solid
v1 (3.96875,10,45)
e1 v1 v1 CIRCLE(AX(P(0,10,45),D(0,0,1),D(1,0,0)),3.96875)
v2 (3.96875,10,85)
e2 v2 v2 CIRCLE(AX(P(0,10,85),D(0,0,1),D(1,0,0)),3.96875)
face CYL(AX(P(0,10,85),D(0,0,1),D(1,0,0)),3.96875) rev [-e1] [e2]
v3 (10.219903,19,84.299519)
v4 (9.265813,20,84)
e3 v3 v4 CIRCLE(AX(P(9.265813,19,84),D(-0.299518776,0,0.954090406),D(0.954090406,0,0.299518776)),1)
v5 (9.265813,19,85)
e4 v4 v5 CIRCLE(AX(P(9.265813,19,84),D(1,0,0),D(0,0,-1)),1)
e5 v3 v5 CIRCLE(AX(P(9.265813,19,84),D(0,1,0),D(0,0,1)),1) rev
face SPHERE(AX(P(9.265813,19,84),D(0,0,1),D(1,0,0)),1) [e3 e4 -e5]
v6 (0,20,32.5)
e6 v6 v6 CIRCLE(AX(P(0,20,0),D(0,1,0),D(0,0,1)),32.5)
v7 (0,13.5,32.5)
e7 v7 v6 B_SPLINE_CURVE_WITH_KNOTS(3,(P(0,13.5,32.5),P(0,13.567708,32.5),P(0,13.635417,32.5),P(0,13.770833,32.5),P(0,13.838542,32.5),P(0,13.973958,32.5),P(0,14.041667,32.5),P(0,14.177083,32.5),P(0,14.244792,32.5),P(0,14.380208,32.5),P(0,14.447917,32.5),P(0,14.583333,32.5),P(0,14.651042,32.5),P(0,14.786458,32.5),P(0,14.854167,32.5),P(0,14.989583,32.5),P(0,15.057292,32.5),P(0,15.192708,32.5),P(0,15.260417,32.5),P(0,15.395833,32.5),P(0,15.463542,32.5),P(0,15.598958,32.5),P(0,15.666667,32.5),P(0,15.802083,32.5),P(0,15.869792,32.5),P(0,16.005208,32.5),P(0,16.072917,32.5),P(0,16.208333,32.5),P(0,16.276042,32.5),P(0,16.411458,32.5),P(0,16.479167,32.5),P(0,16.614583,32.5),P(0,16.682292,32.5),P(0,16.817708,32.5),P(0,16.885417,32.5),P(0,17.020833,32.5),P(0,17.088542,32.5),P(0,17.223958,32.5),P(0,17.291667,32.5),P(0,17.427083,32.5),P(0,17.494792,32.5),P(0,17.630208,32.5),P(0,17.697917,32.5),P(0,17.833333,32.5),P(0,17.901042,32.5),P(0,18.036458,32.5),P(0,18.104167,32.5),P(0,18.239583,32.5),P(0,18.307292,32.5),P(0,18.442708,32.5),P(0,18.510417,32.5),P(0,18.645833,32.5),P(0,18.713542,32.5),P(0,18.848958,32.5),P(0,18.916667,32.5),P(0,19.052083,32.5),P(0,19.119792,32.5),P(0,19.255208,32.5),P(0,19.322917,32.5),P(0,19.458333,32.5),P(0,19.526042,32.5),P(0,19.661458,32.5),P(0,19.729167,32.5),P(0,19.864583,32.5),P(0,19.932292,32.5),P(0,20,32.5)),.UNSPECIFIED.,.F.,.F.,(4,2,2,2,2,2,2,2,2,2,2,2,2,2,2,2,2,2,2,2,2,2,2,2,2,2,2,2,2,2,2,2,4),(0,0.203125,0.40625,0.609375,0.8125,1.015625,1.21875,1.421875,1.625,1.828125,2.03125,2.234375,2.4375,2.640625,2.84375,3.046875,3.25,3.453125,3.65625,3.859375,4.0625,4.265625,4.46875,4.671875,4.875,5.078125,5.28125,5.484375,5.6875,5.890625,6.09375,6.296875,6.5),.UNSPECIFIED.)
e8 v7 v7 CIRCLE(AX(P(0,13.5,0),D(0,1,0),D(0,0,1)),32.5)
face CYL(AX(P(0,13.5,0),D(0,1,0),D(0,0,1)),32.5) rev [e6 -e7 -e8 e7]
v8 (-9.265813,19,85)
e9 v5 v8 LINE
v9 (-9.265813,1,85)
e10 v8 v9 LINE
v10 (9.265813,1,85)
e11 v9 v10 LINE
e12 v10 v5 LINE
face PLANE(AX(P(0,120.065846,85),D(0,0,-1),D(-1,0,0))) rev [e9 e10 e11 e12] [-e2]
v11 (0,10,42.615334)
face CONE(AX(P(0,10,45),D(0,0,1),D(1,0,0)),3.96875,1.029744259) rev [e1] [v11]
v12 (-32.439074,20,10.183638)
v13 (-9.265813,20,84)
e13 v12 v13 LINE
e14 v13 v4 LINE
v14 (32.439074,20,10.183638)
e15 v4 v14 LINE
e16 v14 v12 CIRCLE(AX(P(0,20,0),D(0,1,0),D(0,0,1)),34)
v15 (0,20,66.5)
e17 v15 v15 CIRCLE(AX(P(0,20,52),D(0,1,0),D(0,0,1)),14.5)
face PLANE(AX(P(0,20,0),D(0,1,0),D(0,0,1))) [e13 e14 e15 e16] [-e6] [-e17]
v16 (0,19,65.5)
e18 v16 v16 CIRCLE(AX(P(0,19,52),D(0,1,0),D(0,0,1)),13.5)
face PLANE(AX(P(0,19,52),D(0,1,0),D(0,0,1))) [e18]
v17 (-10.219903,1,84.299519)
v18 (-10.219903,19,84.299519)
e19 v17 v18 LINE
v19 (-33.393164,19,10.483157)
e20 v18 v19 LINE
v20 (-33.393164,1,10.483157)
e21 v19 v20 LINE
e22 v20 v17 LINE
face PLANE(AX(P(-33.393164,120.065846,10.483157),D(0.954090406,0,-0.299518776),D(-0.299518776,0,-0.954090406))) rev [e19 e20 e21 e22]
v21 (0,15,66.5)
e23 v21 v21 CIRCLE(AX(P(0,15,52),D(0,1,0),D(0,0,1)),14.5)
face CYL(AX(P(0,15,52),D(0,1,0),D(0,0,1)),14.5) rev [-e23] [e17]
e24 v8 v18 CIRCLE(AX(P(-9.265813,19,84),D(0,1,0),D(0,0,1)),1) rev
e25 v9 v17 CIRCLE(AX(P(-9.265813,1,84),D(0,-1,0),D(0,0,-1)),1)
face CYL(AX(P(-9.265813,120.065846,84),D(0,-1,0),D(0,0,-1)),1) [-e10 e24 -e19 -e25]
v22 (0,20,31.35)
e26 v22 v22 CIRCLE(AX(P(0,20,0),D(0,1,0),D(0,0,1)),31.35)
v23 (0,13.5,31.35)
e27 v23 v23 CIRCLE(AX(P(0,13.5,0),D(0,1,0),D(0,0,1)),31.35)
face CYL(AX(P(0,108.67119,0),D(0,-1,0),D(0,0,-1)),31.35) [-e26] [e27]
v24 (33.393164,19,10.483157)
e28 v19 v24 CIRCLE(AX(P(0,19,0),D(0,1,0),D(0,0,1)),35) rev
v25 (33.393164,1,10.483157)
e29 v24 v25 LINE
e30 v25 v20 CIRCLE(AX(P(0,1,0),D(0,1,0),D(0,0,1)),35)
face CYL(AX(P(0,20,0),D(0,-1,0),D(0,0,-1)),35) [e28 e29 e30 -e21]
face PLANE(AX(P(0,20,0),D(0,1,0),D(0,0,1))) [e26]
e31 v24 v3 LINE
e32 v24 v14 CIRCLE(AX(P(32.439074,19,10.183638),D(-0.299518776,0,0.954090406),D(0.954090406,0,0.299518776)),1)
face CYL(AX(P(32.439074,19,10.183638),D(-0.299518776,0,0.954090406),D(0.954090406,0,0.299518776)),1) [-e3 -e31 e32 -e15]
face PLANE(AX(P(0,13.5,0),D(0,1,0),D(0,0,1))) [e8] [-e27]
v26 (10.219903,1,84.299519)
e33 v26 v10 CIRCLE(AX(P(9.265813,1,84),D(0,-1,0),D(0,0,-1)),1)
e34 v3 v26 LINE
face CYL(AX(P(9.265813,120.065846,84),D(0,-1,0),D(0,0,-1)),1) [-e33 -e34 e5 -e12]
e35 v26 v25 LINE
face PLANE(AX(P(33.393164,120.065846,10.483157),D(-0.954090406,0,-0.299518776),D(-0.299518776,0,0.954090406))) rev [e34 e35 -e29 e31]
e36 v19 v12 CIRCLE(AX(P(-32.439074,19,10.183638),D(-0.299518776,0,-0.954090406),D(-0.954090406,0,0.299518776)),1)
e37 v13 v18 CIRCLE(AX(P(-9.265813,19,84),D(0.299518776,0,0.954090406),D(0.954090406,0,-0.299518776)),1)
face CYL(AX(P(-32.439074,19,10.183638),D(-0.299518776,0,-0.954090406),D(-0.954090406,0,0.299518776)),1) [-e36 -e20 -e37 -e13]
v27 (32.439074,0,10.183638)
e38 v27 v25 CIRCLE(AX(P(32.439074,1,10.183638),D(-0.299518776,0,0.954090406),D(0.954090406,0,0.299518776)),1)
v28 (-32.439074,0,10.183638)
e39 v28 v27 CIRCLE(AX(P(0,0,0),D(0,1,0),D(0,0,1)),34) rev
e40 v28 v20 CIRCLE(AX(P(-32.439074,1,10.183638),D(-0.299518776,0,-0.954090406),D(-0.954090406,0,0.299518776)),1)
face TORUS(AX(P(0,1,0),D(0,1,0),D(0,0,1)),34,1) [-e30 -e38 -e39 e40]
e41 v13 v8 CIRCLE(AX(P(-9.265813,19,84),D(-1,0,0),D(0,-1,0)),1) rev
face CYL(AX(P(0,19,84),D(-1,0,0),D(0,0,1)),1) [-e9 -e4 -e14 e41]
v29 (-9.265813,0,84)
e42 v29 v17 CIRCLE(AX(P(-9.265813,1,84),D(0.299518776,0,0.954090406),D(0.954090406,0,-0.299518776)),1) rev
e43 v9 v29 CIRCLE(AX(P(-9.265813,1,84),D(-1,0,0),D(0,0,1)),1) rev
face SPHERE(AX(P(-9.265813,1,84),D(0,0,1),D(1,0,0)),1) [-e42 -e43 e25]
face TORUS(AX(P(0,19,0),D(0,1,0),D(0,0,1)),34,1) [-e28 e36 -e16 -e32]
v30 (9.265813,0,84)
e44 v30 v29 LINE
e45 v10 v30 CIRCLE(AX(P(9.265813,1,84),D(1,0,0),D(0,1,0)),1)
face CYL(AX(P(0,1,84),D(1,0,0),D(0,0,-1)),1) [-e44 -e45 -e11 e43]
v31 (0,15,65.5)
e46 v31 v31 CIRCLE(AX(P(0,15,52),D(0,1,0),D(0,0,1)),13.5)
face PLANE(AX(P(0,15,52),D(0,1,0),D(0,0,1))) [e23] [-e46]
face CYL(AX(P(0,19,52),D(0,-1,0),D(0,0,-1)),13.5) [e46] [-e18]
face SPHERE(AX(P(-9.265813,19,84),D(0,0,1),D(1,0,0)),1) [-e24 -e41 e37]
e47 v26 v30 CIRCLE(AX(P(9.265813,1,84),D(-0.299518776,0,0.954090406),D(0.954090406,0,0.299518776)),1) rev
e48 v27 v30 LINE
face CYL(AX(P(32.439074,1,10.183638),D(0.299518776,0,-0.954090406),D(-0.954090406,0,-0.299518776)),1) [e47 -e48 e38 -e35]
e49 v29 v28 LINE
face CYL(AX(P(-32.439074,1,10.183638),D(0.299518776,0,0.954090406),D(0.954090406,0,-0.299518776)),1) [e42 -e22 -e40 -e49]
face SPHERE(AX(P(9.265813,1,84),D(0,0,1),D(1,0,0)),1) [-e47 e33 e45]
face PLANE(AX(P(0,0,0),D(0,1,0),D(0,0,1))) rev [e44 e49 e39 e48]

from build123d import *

# Parameters (mm, degrees)
SKETCH1_R                       = 35
BOSS_EXTRUDE1_DEPTH             = 20
SKETCH2_R                       = 32.5
CUT_EXTRUDE1_DEPTH              = 6.5
SKETCH3_R                       = 31.35
BOSS_EXTRUDE2_DEPTH             = 6.5
BOSS_EXTRUDE3_DEPTH             = 20
SKETCH14_R                      = 14.5
CUT_EXTRUDE2_DEPTH              = 5
SKETCH15_R                      = 13.5
BOSS_EXTRUDE4_DEPTH             = 4
TAP_DRILL_FOR_3_8_16_TAP1_D     = 7.9375
TAP_DRILL_FOR_3_8_16_TAP1_DEPTH = 40
TAP_DRILL_FOR_3_8_16_TAP1_TIP   = 2.384665582
FILLET1_R                       = 1


with BuildPart() as part:
    # Sketch1 → Boss-Extrude1 (new body)
    with BuildSketch(Plane(origin=(0, 0, 0), x_dir=(1, 0, 0), z_dir=(0, 1, 0))):
        with Locations(Location((0, 0, 0), (0, 0, 270))):
            Circle(SKETCH1_R)
    extrude(amount=BOSS_EXTRUDE1_DEPTH)

    # Sketch2 → Cut-Extrude1 (cut)
    with BuildSketch(Plane(origin=(0, 20, 0), x_dir=(1, 0, 0), z_dir=(0, 1, 0))):
        with Locations(Location((0, 0, 0), (0, 0, 270))):
            Circle(SKETCH2_R)
    extrude(amount=-CUT_EXTRUDE1_DEPTH, mode=Mode.SUBTRACT)

    # Sketch3 → Boss-Extrude2 (add)
    with BuildSketch(Plane(origin=(0, 13.5, 0), x_dir=(1, 0, 0), z_dir=(0, 1, 0))):
        with Locations(Location((0, 0, 0), (0, 0, 270))):
            Circle(SKETCH3_R)
    extrude(amount=BOSS_EXTRUDE2_DEPTH)

    # Sketch8 → Boss-Extrude3 (add)
    with BuildSketch(Plane(origin=(0, 0, 0), x_dir=(1, 0, 0), z_dir=(0, 1, 0))):
        with BuildLine():
            ThreePointArc((33.393164213, -10.483157151), (0, -35), (-33.393164213, -10.483157151))
            Line((-33.393164213, -10.483157151), (-10, -85))
            Line((-10, -85), (10, -85))
            Line((10, -85), (33.393164213, -10.483157151))
        make_face()
    extrude(amount=BOSS_EXTRUDE3_DEPTH)

    # Sketch14 → Cut-Extrude2 (cut)
    with BuildSketch(Plane(origin=(0, 20, 0), x_dir=(1, 0, 0), z_dir=(0, 1, 0))):
        with Locations(Location((0, -52, 0), (0, 0, 270))):
            Circle(SKETCH14_R)
    extrude(amount=-CUT_EXTRUDE2_DEPTH, mode=Mode.SUBTRACT)

    # Sketch15 → Boss-Extrude4 (add)
    with BuildSketch(Plane(origin=(0, 15, 0), x_dir=(1, 0, 0), z_dir=(0, 1, 0))):
        with Locations(Location((0, -52, 0), (0, 0, 270))):
            Circle(SKETCH15_R)
    extrude(amount=BOSS_EXTRUDE4_DEPTH)

    # Tap Drill for 3/8-16 Tap1
    with Locations(Plane.XY.offset(85)):
        with Locations((0, 10)):
            Hole(TAP_DRILL_FOR_3_8_16_TAP1_D / 2, depth=TAP_DRILL_FOR_3_8_16_TAP1_DEPTH)
            with Locations((0, 0, -(TAP_DRILL_FOR_3_8_16_TAP1_DEPTH + TAP_DRILL_FOR_3_8_16_TAP1_TIP / 2))):  # 118° drill point
                Cone(0, TAP_DRILL_FOR_3_8_16_TAP1_D / 2, TAP_DRILL_FOR_3_8_16_TAP1_TIP, mode=Mode.SUBTRACT)

    # Fillet1
    fillet1_edges = [part.edges().sort_by_distance(p)[0] for p in [
        (0, 0, -35),
        (-21.696582106, 0, 47.741578576),
        (-10, 10, 85),
        (0, 0, 85),
        (10, 10, 85),
        (21.696582106, 0, 47.741578576),
        (-21.696582106, 20, 47.741578576),
        (0, 20, 85),
        (21.696582106, 20, 47.741578576),
        (0, 20, -35),
    ]]
    fillet(fillet1_edges, radius=FILLET1_R)


solid = part.part
